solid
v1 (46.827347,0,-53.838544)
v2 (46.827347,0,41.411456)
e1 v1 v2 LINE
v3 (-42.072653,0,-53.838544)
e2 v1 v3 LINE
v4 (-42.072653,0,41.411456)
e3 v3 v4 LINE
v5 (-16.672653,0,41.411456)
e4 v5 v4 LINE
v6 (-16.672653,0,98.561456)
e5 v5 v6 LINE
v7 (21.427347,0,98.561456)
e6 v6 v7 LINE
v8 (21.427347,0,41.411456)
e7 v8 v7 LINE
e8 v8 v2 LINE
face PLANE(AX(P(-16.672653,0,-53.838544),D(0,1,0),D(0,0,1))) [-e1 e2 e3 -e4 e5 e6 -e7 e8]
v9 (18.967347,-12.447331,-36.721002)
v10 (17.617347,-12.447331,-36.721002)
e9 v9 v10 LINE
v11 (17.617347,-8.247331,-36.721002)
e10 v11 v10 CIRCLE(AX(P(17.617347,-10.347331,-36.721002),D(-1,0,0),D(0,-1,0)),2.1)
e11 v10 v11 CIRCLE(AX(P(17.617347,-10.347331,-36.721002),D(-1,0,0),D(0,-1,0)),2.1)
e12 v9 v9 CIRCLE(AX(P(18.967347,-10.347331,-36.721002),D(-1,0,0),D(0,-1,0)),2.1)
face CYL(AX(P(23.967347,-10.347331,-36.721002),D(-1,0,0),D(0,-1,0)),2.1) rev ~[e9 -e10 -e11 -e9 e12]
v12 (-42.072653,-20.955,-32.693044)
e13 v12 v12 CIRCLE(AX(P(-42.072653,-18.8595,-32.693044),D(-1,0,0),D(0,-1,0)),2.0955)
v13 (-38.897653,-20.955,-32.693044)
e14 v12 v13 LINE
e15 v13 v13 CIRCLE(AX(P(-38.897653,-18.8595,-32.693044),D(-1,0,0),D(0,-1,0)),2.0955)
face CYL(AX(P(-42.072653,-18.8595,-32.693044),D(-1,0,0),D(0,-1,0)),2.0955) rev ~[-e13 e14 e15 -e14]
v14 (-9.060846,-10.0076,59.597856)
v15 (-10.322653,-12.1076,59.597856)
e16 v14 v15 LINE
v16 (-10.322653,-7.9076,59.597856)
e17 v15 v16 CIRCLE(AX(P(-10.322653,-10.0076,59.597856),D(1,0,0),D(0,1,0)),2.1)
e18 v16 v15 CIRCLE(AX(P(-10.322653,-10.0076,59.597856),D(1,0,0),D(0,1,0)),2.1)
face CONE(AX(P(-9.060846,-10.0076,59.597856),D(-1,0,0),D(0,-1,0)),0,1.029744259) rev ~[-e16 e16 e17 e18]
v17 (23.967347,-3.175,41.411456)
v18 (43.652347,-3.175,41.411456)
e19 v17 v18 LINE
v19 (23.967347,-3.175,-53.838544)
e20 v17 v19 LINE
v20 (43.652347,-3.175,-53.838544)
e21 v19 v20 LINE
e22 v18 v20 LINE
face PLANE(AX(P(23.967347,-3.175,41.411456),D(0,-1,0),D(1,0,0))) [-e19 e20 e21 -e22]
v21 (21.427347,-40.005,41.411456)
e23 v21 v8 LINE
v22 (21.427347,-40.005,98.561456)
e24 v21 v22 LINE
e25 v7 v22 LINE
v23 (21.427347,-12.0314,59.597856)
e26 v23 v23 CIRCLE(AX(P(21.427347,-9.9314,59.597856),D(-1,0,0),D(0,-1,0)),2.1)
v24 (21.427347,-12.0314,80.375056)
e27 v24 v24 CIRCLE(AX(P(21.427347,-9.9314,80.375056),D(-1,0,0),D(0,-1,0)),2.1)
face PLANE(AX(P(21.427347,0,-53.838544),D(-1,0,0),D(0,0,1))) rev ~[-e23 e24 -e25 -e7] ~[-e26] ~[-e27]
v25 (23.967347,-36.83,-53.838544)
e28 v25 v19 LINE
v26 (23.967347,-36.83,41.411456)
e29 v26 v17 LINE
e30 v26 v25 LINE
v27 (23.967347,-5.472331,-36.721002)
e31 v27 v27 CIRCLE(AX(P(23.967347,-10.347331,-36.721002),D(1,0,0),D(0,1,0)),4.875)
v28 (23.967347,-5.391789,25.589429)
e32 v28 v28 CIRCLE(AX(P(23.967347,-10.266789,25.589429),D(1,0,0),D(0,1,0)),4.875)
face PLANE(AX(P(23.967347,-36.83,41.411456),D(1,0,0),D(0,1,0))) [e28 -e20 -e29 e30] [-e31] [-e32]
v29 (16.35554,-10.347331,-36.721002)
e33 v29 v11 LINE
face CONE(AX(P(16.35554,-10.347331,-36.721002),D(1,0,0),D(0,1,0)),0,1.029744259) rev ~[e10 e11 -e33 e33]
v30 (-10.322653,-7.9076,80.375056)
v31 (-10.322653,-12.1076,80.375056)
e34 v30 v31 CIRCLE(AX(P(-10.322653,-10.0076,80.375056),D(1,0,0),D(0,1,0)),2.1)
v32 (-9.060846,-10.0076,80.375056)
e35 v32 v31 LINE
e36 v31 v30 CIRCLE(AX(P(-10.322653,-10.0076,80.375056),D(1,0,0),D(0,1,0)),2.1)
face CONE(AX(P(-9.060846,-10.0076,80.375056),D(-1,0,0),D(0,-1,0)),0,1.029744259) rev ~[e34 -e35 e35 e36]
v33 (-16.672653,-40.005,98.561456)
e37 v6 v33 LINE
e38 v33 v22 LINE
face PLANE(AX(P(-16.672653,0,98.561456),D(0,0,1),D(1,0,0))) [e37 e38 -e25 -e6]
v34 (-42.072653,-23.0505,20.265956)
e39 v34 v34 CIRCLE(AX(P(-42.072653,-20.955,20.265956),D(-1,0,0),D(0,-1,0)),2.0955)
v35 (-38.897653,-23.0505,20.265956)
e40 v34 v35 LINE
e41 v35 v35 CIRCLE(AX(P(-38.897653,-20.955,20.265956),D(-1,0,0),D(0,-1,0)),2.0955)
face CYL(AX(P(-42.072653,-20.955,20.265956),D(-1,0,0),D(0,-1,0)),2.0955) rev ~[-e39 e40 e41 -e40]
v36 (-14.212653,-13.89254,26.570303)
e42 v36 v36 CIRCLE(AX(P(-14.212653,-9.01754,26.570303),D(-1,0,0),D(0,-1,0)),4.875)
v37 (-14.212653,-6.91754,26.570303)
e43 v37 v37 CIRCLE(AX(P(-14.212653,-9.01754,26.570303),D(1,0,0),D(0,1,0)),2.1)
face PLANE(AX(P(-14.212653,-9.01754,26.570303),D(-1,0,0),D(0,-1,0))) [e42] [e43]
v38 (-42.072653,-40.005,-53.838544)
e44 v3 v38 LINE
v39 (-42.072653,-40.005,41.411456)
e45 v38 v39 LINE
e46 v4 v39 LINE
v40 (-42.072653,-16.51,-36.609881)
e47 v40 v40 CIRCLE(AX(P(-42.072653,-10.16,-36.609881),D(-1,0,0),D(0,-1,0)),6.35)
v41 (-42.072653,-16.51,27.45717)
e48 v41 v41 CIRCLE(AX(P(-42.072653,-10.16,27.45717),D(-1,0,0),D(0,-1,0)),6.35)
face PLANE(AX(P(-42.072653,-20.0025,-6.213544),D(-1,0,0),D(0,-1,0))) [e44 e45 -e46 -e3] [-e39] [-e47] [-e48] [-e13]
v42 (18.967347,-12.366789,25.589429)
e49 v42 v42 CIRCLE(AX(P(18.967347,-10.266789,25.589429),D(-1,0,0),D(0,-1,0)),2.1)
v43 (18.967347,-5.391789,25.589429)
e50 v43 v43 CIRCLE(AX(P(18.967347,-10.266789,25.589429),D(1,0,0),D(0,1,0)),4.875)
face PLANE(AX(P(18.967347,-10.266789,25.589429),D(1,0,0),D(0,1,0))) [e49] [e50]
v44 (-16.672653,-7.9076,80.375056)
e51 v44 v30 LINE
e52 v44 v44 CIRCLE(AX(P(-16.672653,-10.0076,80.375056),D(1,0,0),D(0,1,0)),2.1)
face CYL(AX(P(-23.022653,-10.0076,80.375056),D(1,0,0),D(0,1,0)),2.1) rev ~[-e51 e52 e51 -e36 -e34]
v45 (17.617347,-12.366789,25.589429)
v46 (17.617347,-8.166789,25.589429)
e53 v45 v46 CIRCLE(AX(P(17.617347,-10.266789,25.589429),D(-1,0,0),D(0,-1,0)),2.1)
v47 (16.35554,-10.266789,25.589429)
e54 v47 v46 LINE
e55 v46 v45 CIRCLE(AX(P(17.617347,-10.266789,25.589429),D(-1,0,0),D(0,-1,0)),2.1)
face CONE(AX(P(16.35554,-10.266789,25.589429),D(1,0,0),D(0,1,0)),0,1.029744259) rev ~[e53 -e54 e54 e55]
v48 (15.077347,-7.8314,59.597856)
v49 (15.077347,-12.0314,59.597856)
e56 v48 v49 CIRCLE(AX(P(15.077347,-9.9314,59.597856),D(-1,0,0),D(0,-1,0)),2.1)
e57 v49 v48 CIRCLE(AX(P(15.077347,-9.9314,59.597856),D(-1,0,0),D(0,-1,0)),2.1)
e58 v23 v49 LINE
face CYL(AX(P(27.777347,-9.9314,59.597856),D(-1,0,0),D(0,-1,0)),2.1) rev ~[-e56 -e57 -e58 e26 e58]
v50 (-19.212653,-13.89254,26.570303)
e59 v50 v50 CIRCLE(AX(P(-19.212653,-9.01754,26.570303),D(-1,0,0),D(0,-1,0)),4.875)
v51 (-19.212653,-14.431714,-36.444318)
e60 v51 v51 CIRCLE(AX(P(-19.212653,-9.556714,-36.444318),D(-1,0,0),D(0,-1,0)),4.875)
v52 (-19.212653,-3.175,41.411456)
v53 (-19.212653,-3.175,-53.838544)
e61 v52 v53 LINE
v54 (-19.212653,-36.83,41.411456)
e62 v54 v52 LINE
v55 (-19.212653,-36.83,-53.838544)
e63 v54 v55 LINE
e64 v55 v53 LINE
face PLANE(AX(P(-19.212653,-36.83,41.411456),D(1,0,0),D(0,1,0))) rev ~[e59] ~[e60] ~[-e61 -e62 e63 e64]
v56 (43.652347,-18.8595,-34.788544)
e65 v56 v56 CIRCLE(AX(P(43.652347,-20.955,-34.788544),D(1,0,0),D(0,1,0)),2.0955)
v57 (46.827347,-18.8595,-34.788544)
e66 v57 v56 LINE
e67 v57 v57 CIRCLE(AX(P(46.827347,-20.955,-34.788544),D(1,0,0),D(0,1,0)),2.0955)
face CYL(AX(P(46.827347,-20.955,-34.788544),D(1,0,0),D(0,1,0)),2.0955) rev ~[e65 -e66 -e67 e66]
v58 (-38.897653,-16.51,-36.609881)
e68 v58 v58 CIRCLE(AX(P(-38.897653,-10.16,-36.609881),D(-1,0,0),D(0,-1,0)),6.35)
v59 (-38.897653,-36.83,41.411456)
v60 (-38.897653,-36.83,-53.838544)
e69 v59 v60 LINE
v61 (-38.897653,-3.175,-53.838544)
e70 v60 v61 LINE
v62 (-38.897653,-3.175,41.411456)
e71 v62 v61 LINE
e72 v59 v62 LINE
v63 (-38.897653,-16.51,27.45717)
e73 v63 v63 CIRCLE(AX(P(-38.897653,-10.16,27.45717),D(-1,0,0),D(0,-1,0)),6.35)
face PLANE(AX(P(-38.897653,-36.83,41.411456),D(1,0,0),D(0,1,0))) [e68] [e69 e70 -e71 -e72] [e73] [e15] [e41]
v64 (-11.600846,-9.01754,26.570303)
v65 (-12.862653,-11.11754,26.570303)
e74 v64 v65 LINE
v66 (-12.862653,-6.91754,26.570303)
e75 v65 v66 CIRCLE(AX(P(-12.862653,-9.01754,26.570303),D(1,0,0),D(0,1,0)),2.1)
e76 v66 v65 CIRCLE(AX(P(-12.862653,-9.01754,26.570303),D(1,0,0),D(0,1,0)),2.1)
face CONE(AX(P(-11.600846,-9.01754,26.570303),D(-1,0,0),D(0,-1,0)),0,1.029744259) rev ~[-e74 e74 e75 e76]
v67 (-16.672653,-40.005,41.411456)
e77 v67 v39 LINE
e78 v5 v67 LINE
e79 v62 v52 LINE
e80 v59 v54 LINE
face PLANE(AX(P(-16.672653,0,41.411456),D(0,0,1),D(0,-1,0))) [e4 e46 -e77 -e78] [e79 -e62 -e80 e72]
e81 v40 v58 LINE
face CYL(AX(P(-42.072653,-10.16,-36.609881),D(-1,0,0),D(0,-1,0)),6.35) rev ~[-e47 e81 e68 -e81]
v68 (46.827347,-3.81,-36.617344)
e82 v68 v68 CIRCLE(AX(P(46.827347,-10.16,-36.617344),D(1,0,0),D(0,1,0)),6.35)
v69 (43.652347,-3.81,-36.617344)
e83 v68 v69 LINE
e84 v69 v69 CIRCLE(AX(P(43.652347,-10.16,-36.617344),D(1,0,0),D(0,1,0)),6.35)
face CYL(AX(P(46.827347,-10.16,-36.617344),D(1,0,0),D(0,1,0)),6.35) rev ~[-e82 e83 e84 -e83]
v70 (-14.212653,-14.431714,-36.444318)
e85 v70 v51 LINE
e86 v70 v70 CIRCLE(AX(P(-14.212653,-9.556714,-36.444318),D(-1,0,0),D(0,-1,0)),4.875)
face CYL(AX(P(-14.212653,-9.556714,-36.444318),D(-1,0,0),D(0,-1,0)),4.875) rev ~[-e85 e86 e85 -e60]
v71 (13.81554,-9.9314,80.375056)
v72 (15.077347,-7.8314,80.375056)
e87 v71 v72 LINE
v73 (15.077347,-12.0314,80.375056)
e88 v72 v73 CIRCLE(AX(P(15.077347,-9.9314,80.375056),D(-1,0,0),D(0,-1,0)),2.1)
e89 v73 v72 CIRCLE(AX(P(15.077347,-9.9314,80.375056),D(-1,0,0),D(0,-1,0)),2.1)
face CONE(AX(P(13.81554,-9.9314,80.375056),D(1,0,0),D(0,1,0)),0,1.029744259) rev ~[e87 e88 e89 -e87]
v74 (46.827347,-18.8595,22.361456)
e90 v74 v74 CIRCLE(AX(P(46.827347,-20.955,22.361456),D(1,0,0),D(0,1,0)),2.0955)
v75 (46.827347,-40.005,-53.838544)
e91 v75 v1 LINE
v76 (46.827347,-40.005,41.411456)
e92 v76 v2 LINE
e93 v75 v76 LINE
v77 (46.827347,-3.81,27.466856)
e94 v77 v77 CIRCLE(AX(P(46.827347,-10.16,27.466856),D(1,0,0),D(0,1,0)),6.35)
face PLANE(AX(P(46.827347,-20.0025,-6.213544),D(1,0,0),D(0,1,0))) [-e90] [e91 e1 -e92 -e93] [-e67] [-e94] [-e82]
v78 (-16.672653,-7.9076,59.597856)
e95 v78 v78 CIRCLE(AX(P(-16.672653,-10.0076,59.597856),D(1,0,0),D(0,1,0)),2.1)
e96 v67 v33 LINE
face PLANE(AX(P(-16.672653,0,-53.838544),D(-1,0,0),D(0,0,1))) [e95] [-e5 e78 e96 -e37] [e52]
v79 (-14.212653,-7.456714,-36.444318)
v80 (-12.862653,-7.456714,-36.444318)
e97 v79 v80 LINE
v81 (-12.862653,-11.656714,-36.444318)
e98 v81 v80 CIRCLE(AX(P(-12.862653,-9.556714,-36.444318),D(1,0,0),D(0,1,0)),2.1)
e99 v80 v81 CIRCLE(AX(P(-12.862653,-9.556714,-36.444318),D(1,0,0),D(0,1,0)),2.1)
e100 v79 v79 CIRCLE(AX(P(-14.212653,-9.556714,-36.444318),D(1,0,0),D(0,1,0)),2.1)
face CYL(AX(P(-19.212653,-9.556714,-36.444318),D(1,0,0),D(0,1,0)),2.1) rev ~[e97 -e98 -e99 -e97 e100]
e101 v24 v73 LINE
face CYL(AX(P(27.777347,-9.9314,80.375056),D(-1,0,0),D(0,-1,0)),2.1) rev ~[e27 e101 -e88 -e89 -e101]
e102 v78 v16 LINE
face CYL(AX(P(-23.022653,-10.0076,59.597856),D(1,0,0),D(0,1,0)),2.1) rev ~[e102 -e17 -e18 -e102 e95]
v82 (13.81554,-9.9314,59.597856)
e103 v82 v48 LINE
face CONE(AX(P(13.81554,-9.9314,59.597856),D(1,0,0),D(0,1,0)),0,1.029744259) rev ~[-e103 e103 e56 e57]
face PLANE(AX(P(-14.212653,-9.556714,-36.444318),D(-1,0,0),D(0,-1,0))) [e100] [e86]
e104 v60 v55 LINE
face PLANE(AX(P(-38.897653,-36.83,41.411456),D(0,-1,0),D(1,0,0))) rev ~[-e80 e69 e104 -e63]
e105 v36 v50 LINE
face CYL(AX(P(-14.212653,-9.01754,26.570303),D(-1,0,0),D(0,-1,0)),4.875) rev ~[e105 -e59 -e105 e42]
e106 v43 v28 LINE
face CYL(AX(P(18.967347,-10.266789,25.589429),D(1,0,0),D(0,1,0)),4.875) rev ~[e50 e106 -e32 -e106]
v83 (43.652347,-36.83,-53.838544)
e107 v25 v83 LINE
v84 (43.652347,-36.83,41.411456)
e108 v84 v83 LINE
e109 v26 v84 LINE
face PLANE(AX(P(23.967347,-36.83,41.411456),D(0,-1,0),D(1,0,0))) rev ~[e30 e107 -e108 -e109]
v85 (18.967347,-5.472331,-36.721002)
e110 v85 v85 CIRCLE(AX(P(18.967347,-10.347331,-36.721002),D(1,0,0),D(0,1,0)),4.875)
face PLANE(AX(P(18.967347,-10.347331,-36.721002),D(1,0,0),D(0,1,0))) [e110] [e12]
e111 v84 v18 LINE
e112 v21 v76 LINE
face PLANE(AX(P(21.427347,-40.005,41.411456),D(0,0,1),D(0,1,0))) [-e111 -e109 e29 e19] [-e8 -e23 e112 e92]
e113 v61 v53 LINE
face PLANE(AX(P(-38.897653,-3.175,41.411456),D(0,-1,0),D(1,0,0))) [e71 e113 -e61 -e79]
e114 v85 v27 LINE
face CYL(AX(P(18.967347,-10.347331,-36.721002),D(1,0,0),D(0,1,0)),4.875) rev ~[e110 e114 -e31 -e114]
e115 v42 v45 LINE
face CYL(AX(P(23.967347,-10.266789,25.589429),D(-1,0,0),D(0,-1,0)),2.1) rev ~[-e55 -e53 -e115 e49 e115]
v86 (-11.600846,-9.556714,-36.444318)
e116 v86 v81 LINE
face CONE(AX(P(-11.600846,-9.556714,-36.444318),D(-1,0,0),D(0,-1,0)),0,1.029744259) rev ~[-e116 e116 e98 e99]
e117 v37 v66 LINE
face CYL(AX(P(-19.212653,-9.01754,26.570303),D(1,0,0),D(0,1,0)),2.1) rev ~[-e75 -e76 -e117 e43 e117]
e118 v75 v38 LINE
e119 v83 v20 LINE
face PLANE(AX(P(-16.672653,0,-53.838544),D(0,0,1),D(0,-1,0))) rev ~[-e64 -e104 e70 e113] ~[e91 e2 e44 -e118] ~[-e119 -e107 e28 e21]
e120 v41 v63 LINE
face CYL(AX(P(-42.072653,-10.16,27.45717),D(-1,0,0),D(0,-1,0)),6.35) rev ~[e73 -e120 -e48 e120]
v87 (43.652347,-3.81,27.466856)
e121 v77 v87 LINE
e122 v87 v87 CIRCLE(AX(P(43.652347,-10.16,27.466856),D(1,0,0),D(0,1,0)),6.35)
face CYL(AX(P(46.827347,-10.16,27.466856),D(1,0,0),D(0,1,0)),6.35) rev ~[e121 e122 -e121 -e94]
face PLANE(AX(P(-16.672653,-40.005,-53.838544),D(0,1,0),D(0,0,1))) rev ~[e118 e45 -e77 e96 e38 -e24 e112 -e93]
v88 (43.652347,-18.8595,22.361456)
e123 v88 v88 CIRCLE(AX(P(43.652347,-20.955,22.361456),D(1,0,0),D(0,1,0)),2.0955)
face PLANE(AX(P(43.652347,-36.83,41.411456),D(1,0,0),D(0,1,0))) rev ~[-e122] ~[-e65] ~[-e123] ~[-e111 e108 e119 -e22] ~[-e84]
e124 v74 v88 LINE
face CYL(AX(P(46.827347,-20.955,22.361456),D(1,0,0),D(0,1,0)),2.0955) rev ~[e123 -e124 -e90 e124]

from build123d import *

# Parameters (mm, degrees)
F0_W            = 38.1
F0_H            = 152.4
F1_DEPTH        = 40.005
F3_W            = 40.005
F3_H            = 95.25
F4_DEPTH        = 25.4
F2_W            = 40.005
F2_H            = 95.25
F5_DEPTH        = 25.4
F7_W            = 19.685
F7_H            = 33.655
F8_DEPTH        = 95.25
F9_W            = 19.685
F9_H            = 33.655
F10_DEPTH       = 95.25
F12_D           = 4.2
F12_DEPTH       = 6.35
F12_TIP         = 1.2618073
F14_D           = 4.2
F14_DEPTH       = 6.35
F14_TIP         = 1.2618073
F15_R           = 6.35
F16_DEPTH       = 5.08
F18_D           = 4.2
F18_DEPTH       = 6.35
F18_CBORE_D     = 9.75
F18_CBORE_DEPTH = 5
F18_TIP         = 1.2618073
F19_R           = 2.0955
F20_DEPTH       = 3.175
F21_R           = 6.35
F22_DEPTH       = 5.08
F24_D           = 4.2
F24_DEPTH       = 6.35
F24_CBORE_D     = 9.75
F24_CBORE_DEPTH = 5
F24_TIP         = 1.2618073
F25_R           = 2.0955
F26_DEPTH       = 3.175
F27_R           = 6.35
F28_DEPTH       = 3.175
F29_R           = 2.0955
F30_DEPTH       = 3.175
F31_R           = 6.35
F31_R_2         = 2.0955
F32_DEPTH       = 3.175
F34_D           = 4.2
F34_DEPTH       = 6.35
F34_CBORE_D     = 9.75
F34_CBORE_DEPTH = 5
F34_TIP         = 1.2618073
F36_D           = 4.2
F36_DEPTH       = 6.35
F36_CBORE_D     = 9.75
F36_CBORE_DEPTH = 5
F36_TIP         = 1.2618073


with BuildPart() as f1:
    # F0 (on Front) → F1 (new body)
    with BuildSketch(Plane.XZ):
        with Locations((2.3773470894, 22.3614560891)):
            Rectangle(F0_W, F0_H)
    extrude(amount=F1_DEPTH)

    # F3 (on face) → F4 (join)
    with BuildSketch(Plane.YZ.offset(21.4273470894)):
        with Locations((-20.0025, -6.2135439109)):
            Rectangle(F3_W, F3_H)
    extrude(amount=F4_DEPTH)

    # F2 (on face) → F5 (join)
    with BuildSketch(Plane(origin=(-16.6726529106, 0, 0), x_dir=(0, -1, 0), z_dir=(-1, 0, 0))):
        with Locations((20.0025, -6.2135439109)):
            Rectangle(F2_W, F2_H)
    extrude(amount=F5_DEPTH)

    # F7 (on face) → F8 (cut, through all)
    with BuildSketch(Plane.XY.offset(41.4114560891)):
        with Locations((-29.0551529106, -20.0025)):
            Rectangle(F7_W, F7_H)
    extrude(amount=-F8_DEPTH, mode=Mode.SUBTRACT)

    # F9 (on face) → F10 (cut, through all)
    with BuildSketch(Plane.XY.offset(41.4114560891)):
        with Locations((33.8098470894, -20.0025)):
            Rectangle(F9_W, F9_H)
    extrude(amount=-F10_DEPTH, mode=Mode.SUBTRACT)

    # F12
    with Locations(Plane(origin=(-16.6726529106, 0, 0), x_dir=(0, -1, 0), z_dir=(-1, 0, 0))):
        with Locations((10.0076, 80.3750560891), (10.0076, 59.5978560891)):
            Hole(F12_D / 2, depth=F12_DEPTH)
            with Locations((0, 0, -(F12_DEPTH + F12_TIP / 2))):  # 118° drill point
                Cone(0, F12_D / 2, F12_TIP, mode=Mode.SUBTRACT)

    # F14
    with Locations(Plane.YZ.offset(21.4273470894)):
        with Locations((-9.9314, 80.3750560891), (-9.9314, 59.5978560891)):
            Hole(F14_D / 2, depth=F14_DEPTH)
            with Locations((0, 0, -(F14_DEPTH + F14_TIP / 2))):  # 118° drill point
                Cone(0, F14_D / 2, F14_TIP, mode=Mode.SUBTRACT)

    # F15 (on face) → F16 (cut)
    with BuildSketch(Plane(origin=(-42.0726529106, 0, 0), x_dir=(0, -1, 0), z_dir=(-1, 0, 0))):
        with Locations((10.16, 27.4571701884)):
            Circle(F15_R)
    extrude(amount=-F16_DEPTH, mode=Mode.SUBTRACT)

    # F18
    with Locations(Plane(origin=(-19.2126529106, 0, 0), x_dir=(0, -1, 0), z_dir=(-1, 0, 0))):
        with Locations((9.0175401419, 26.5703033656)):
            CounterBoreHole(F18_D / 2, F18_CBORE_D / 2, F18_CBORE_DEPTH, depth=F18_DEPTH)
            with Locations((0, 0, -(F18_DEPTH + F18_TIP / 2))):  # 118° drill point
                Cone(0, F18_D / 2, F18_TIP, mode=Mode.SUBTRACT)

    # F19 (on face) → F20 (cut, through all)
    with BuildSketch(Plane(origin=(-42.0726529106, 0, 0), x_dir=(0, -1, 0), z_dir=(-1, 0, 0))):
        with Locations((20.955, 20.2659560891)):
            Circle(F19_R)
    extrude(amount=-F20_DEPTH, mode=Mode.SUBTRACT)

    # F21 (on face) → F22 (cut)
    with BuildSketch(Plane(origin=(-42.0726529106, 0, 0), x_dir=(0, -1, 0), z_dir=(-1, 0, 0))):
        with Locations((10.16, -36.6098806262)):
            Circle(F21_R)
    extrude(amount=-F22_DEPTH, mode=Mode.SUBTRACT)

    # F24
    with Locations(Plane(origin=(-19.2126529106, 0, 0), x_dir=(0, -1, 0), z_dir=(-1, 0, 0))):
        with Locations((9.5567144454, -36.4443175495)):
            CounterBoreHole(F24_D / 2, F24_CBORE_D / 2, F24_CBORE_DEPTH, depth=F24_DEPTH)
            with Locations((0, 0, -(F24_DEPTH + F24_TIP / 2))):  # 118° drill point
                Cone(0, F24_D / 2, F24_TIP, mode=Mode.SUBTRACT)

    # F25 (on face) → F26 (cut, through all)
    with BuildSketch(Plane(origin=(-42.0726529106, 0, 0), x_dir=(0, -1, 0), z_dir=(-1, 0, 0))):
        with Locations((18.8595, -32.6930439109)):
            Circle(F25_R)
    extrude(amount=-F26_DEPTH, mode=Mode.SUBTRACT)

    # F27 (on face) → F28 (cut, through all)
    with BuildSketch(Plane.YZ.offset(46.8273470894)):
        with Locations((-10.16, 27.4668560891)):
            Circle(F27_R)
    extrude(amount=-F28_DEPTH, mode=Mode.SUBTRACT)

    # F29 (on face) → F30 (cut, through all)
    with BuildSketch(Plane.YZ.offset(46.8273470894)):
        with Locations((-20.955, 22.3614560891)):
            Circle(F29_R)
    extrude(amount=-F30_DEPTH, mode=Mode.SUBTRACT)

    # F31 (on face) → F32 (cut, through all)
    with BuildSketch(Plane.YZ.offset(46.8273470894)):
        with Locations((-10.16, -36.6173439109)):
            Circle(F31_R)
        with Locations((-20.955, -34.7885439109)):
            Circle(F31_R_2)
    extrude(amount=-F32_DEPTH, mode=Mode.SUBTRACT)

    # F34
    with Locations(Plane.YZ.offset(23.9673470894)):
        with Locations((-10.2667892352, 25.5894288421)):
            CounterBoreHole(F34_D / 2, F34_CBORE_D / 2, F34_CBORE_DEPTH, depth=F34_DEPTH)
            with Locations((0, 0, -(F34_DEPTH + F34_TIP / 2))):  # 118° drill point
                Cone(0, F34_D / 2, F34_TIP, mode=Mode.SUBTRACT)

    # F36
    with Locations(Plane.YZ.offset(23.9673470894)):
        with Locations((-10.3473309427, -36.7210023105)):
            CounterBoreHole(F36_D / 2, F36_CBORE_D / 2, F36_CBORE_DEPTH, depth=F36_DEPTH)
            with Locations((0, 0, -(F36_DEPTH + F36_TIP / 2))):  # 118° drill point
                Cone(0, F36_D / 2, F36_TIP, mode=Mode.SUBTRACT)


solid = f1.part
